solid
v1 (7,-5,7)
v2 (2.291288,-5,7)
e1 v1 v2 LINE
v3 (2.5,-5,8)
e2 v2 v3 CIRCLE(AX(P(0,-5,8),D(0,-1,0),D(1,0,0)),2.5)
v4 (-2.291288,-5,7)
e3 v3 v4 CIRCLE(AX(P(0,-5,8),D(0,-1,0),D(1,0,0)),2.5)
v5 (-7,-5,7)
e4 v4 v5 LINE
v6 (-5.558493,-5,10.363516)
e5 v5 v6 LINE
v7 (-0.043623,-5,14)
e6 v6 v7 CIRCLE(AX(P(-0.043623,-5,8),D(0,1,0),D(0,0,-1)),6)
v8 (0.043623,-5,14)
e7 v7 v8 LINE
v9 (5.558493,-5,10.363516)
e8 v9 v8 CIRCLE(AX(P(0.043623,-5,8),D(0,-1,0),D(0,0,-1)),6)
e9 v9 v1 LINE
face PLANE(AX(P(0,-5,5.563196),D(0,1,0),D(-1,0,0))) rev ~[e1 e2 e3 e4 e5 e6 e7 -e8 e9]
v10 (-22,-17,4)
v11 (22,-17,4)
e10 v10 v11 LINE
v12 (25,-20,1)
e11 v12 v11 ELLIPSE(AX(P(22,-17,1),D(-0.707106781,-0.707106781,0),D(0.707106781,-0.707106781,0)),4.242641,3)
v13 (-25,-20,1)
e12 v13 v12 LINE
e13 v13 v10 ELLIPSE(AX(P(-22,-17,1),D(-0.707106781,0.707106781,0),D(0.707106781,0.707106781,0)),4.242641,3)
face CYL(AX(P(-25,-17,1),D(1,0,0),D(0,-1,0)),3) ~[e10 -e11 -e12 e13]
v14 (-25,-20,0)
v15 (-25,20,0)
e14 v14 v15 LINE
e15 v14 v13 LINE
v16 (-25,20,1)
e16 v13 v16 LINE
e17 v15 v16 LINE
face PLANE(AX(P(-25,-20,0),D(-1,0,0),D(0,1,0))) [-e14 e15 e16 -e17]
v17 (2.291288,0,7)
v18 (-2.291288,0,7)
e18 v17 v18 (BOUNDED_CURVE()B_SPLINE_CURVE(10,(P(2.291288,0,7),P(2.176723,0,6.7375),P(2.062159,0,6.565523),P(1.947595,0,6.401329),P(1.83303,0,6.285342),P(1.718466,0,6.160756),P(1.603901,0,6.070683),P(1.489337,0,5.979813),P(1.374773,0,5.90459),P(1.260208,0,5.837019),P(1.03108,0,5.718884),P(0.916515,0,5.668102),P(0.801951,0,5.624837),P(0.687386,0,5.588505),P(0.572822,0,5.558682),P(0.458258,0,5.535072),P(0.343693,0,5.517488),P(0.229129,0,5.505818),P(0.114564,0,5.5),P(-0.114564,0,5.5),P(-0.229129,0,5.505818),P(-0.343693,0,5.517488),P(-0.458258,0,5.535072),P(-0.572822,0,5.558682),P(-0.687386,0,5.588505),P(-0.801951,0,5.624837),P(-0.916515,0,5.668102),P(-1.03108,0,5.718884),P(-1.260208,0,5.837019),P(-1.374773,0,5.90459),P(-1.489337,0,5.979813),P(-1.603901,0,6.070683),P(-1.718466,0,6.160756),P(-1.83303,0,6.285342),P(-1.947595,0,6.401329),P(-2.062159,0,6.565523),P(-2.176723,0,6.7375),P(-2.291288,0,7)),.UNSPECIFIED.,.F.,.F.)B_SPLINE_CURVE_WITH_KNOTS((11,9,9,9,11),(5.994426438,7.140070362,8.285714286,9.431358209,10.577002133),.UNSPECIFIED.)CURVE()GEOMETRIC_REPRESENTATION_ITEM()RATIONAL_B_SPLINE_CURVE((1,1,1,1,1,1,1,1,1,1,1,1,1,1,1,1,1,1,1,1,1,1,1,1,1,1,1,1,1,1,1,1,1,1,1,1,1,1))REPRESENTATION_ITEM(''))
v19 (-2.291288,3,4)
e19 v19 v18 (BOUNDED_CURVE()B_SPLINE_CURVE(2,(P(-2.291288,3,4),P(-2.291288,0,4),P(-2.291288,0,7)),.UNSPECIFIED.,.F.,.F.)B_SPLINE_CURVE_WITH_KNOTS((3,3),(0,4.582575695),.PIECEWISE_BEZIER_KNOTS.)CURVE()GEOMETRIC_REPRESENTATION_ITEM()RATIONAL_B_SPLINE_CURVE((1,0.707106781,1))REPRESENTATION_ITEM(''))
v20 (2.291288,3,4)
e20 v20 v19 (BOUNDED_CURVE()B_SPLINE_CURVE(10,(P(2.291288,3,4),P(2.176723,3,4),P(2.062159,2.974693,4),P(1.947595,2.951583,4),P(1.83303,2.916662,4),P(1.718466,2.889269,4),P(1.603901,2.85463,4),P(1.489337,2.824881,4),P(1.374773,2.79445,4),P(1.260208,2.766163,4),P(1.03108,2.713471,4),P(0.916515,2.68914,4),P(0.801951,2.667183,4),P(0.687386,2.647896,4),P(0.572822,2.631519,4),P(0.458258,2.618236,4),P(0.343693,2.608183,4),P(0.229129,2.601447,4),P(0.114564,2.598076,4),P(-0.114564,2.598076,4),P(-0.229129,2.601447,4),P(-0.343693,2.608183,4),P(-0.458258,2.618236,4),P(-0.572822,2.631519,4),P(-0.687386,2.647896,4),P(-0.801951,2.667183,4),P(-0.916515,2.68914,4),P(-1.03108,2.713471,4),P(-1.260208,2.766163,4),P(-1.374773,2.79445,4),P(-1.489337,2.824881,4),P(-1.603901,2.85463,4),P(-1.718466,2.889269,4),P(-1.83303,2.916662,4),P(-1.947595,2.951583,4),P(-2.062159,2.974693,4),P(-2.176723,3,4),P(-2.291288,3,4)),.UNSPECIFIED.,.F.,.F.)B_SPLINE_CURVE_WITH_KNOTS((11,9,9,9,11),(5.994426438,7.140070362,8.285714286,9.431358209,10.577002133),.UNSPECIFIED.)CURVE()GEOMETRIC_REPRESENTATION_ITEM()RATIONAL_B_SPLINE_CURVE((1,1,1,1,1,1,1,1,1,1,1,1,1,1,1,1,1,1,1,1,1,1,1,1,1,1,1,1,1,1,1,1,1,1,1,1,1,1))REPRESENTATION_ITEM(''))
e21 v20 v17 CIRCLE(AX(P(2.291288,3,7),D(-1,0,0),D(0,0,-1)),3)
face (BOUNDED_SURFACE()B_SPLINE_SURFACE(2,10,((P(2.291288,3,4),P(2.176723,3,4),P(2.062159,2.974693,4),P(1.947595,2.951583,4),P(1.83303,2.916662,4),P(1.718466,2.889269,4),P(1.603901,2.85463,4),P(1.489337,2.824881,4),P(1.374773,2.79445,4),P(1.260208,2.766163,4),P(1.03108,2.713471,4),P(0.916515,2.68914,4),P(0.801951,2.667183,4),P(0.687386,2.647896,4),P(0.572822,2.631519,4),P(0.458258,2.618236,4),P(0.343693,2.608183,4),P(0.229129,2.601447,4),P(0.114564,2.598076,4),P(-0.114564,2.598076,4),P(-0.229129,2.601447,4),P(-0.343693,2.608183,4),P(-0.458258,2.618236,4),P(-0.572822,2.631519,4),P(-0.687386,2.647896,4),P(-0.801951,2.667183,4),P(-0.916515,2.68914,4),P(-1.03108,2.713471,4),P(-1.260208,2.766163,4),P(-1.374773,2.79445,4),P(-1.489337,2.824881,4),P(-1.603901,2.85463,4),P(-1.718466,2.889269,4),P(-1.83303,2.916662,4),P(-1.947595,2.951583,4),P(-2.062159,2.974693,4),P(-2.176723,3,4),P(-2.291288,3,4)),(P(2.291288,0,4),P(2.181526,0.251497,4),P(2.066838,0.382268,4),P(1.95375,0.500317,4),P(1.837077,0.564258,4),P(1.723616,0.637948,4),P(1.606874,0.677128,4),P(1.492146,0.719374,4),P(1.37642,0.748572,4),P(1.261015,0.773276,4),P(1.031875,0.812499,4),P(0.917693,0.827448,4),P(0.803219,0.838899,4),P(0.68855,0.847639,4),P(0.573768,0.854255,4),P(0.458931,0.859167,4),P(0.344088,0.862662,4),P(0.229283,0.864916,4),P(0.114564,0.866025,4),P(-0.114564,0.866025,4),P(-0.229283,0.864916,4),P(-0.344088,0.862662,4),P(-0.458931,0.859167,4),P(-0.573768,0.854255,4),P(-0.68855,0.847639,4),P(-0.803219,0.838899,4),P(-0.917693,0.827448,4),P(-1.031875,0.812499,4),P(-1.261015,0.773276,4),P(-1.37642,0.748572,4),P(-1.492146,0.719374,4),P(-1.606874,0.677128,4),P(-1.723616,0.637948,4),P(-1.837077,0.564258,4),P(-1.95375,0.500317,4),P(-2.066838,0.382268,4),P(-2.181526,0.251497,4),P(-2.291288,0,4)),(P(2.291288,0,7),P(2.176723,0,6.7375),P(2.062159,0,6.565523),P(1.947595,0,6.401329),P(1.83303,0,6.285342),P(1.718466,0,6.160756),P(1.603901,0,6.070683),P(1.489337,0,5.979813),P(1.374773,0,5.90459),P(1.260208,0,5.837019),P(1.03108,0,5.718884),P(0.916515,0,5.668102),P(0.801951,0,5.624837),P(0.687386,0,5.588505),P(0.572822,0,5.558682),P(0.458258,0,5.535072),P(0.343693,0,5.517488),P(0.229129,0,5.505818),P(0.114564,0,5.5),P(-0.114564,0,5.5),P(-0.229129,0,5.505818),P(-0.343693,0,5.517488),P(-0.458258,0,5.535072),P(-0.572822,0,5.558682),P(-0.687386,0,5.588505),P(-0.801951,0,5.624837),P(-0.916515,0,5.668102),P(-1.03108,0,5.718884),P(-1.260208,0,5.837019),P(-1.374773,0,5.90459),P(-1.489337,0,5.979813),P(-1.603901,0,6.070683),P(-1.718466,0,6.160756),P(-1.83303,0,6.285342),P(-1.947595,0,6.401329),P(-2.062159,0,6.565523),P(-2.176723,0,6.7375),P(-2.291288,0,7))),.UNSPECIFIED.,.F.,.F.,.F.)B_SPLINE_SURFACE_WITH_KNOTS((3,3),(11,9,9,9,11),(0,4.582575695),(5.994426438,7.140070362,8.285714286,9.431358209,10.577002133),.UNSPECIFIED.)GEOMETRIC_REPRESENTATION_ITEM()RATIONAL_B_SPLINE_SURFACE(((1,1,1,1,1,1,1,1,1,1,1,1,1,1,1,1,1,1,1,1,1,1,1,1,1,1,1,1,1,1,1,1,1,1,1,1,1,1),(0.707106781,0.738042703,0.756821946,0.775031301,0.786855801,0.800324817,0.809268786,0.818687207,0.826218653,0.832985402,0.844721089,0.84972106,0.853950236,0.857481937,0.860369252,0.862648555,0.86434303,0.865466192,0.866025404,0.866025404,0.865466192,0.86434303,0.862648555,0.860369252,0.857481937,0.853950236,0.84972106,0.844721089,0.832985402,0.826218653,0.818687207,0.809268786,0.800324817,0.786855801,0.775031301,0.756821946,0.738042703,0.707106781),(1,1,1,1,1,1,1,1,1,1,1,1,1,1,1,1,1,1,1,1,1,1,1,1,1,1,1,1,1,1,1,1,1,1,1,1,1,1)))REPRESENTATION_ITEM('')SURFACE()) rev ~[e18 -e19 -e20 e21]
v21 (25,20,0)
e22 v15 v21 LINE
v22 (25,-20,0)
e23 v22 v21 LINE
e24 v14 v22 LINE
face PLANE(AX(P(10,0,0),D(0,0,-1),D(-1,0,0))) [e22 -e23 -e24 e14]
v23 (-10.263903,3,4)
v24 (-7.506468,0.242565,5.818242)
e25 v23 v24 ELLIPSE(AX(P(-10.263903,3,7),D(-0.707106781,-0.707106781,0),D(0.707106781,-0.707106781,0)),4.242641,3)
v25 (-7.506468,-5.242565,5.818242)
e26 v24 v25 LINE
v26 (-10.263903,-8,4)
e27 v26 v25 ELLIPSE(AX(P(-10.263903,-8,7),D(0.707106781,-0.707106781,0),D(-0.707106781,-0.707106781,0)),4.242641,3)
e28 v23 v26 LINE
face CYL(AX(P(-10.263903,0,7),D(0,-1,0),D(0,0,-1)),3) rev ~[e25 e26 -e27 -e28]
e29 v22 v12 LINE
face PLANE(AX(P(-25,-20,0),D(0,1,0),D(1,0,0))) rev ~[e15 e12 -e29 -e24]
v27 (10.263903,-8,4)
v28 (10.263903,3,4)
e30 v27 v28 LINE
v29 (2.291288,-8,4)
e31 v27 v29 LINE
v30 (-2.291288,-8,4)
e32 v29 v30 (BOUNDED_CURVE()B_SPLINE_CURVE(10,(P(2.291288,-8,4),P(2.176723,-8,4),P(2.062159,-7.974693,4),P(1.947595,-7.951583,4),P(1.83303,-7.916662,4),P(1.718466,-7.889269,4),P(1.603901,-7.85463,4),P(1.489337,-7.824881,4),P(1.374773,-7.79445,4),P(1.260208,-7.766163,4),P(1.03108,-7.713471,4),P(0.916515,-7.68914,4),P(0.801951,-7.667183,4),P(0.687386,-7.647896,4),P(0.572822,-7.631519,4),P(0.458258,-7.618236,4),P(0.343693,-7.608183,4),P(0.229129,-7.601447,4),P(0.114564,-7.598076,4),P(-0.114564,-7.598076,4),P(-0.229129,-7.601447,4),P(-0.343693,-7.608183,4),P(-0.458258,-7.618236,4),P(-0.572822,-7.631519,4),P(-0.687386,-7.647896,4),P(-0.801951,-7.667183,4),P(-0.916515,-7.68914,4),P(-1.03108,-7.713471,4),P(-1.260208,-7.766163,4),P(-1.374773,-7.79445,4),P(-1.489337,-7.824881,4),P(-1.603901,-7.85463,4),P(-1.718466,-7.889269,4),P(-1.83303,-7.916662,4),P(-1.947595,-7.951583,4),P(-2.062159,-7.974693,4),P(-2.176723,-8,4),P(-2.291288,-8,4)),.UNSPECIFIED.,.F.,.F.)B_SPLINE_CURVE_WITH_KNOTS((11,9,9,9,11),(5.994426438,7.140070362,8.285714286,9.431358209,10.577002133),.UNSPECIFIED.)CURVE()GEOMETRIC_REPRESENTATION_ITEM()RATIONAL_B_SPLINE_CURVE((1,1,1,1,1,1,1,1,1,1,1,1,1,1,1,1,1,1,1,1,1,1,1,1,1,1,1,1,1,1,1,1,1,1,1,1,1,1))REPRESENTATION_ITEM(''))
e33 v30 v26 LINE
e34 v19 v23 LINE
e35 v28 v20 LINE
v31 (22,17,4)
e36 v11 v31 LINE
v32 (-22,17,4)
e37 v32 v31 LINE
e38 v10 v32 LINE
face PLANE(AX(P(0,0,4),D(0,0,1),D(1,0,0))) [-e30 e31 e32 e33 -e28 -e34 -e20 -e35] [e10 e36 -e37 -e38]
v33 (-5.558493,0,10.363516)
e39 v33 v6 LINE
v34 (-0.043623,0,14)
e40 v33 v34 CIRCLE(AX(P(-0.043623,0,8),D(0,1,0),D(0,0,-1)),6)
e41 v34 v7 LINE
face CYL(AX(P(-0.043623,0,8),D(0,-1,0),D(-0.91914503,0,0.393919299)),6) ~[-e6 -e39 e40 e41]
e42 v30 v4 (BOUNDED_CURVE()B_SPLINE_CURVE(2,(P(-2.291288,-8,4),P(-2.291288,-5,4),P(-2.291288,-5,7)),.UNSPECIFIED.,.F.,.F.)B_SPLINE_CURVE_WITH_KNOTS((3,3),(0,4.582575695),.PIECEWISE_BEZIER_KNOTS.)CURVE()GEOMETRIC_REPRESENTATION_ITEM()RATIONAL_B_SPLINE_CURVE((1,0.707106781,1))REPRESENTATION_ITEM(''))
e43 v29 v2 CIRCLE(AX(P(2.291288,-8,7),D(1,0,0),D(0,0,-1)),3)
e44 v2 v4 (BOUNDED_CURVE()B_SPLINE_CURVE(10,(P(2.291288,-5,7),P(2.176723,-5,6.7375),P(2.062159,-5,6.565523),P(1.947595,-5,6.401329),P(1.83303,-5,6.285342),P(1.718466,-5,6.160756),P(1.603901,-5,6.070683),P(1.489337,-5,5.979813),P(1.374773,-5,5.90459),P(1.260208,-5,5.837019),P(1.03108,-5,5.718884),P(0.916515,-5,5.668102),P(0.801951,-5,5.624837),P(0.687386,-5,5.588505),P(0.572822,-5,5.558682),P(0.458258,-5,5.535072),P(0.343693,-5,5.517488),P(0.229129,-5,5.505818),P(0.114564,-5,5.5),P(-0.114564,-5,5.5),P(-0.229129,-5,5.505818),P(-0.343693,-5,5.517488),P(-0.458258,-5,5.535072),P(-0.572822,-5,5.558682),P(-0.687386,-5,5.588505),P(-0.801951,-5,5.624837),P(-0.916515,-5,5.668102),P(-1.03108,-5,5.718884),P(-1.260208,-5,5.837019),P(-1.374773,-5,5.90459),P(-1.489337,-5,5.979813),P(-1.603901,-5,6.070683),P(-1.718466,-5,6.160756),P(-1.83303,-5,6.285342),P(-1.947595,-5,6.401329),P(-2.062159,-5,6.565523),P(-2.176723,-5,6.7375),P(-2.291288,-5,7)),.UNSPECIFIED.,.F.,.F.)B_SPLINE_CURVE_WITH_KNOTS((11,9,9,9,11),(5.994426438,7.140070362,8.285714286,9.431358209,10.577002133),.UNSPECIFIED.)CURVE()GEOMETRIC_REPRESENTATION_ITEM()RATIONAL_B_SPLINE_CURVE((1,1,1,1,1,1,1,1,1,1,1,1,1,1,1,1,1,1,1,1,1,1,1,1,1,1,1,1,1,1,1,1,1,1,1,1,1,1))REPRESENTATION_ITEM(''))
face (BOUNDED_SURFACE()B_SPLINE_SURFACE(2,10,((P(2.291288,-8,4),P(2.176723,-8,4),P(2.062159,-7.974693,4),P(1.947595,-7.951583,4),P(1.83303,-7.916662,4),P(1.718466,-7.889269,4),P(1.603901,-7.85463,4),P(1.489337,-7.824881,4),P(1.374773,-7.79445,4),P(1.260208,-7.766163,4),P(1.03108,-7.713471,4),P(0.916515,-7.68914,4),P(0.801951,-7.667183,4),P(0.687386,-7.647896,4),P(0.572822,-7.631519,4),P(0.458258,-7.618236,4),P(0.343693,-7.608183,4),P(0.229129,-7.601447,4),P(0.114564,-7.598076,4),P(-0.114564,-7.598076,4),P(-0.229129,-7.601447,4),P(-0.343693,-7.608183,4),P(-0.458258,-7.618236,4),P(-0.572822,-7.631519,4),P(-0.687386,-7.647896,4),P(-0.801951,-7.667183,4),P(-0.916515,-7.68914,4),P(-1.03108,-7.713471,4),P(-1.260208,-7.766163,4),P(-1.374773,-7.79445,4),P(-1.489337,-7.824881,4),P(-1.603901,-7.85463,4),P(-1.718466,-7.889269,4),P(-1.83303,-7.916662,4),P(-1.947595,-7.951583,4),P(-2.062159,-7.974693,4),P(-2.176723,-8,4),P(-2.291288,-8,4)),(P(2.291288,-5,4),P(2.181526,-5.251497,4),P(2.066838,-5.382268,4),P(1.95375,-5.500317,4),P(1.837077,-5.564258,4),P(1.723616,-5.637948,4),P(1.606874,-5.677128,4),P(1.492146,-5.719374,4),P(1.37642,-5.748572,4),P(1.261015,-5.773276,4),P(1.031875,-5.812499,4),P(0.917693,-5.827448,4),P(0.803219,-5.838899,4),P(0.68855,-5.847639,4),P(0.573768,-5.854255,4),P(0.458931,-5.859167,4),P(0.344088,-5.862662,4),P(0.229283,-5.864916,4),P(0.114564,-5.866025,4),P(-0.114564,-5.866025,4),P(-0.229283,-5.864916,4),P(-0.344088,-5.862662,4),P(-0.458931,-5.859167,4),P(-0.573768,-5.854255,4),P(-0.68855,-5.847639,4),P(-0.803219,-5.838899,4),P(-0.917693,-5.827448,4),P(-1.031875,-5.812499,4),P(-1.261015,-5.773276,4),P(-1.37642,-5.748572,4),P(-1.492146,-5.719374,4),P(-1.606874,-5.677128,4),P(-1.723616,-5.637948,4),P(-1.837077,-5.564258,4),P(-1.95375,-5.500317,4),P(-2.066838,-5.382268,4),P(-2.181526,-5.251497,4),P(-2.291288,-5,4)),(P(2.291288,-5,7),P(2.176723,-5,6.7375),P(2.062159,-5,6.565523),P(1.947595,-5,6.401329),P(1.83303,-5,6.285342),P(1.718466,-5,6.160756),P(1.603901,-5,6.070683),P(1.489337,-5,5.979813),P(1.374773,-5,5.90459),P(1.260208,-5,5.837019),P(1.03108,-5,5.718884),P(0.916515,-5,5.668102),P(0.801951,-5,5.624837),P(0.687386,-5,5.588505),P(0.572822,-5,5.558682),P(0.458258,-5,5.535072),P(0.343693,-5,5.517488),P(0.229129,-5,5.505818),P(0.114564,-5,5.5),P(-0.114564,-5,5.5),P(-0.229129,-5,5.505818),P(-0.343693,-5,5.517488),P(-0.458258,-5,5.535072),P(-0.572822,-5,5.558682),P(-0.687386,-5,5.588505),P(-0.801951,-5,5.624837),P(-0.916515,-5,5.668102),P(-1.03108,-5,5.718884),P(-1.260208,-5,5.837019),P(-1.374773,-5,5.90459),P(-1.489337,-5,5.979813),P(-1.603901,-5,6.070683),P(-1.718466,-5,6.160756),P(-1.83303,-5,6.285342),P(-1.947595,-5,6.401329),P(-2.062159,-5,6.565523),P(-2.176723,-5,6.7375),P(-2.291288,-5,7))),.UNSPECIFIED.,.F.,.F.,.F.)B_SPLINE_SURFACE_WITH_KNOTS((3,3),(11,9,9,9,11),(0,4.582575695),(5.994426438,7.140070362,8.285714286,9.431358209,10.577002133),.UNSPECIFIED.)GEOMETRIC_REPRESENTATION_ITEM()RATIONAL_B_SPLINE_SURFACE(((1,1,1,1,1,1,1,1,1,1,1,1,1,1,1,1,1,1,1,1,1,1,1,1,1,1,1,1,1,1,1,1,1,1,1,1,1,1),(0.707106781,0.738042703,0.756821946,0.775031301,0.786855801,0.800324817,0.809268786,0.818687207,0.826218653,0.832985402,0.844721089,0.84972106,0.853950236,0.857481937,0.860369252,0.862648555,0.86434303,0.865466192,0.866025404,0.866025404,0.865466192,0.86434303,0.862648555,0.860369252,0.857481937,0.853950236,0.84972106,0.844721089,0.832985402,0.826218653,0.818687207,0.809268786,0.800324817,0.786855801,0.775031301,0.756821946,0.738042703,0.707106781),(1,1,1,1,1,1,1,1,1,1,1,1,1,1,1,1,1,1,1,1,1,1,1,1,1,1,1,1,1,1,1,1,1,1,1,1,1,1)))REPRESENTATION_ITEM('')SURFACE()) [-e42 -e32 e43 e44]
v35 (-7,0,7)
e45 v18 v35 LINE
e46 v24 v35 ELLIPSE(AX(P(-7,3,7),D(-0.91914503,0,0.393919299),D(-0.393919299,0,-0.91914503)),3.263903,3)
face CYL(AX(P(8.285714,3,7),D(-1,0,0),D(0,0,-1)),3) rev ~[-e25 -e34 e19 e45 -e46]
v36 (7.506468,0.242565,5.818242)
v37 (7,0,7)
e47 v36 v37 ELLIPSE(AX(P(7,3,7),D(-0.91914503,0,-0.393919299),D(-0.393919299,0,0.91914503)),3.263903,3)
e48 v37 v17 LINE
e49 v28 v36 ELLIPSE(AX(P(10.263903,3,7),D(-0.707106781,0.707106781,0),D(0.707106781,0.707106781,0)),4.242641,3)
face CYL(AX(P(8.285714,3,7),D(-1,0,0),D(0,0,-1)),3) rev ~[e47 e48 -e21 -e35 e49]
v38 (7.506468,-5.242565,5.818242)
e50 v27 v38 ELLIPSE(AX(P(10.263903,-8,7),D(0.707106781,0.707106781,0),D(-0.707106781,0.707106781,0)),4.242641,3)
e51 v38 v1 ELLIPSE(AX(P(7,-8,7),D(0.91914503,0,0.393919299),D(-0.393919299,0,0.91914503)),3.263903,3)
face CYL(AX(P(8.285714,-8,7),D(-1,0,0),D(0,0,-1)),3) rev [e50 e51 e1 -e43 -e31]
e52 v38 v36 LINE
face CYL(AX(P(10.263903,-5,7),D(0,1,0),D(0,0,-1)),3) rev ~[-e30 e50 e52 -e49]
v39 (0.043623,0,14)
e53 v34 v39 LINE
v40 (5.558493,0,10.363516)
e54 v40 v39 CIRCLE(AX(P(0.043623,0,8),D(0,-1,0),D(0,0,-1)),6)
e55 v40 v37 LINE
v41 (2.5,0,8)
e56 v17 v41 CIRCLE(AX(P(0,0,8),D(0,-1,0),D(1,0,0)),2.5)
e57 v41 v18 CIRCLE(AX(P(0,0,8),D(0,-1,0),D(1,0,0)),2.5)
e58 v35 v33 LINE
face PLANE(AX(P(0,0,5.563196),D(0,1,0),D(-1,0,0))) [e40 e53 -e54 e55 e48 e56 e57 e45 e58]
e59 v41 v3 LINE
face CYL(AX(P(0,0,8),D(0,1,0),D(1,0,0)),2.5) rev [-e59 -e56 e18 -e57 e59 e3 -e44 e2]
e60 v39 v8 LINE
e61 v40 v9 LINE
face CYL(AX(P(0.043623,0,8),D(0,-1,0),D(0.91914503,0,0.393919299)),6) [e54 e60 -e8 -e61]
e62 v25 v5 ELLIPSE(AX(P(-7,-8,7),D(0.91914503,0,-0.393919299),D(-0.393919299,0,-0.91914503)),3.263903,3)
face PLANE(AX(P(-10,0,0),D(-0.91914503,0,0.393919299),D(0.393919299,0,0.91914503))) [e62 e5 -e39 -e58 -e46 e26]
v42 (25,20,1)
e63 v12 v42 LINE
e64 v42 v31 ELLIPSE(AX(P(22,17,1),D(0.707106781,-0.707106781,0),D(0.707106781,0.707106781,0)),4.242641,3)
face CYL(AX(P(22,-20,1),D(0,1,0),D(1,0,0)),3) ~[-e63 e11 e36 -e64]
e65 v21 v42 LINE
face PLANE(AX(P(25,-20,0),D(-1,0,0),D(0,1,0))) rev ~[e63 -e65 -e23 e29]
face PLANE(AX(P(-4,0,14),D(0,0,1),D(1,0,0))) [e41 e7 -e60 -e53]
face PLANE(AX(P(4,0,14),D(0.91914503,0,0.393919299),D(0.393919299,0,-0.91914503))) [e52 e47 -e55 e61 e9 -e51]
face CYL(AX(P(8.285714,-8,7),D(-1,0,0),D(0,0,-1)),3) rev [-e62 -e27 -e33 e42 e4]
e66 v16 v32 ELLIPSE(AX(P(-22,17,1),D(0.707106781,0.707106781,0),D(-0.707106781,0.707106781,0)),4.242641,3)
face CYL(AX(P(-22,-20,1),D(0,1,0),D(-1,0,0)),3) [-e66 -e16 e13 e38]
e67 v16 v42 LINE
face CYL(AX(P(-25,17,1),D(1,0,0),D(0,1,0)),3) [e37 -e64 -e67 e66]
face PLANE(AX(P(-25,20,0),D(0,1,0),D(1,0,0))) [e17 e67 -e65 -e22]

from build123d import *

# Parameters (mm, degrees)
SKETCH_W     = 50
SKETCH_H     = 40
PAD_DEPTH    = 4
SKETCH001_R  = 2.5
PAD001_DEPTH = 5
FILLET_R     = 3
FILLET001_R  = 6


with BuildPart() as part:
    # Sketch → Pad (new body)
    with BuildSketch(Plane.XY):
        Rectangle(SKETCH_W, SKETCH_H)
    extrude(amount=PAD_DEPTH)

    # Sketch001 → Pad001 (join)
    with BuildSketch(Plane.XZ):
        Polygon((-10, 0), (-4, 14), (4, 14), (10, 0), align=None)
        with Locations((0, 8)):
            Circle(SKETCH001_R, mode=Mode.SUBTRACT)
    extrude(amount=PAD001_DEPTH)

    # Fillet
    fillet_edges = [part.edges().sort_by_distance(p)[0] for p in [
        (-25, 0, 4),
        (0, 20, 4),
        (0, -20, 4),
        (25, 0, 4),
        (-8.285714, -2.5, 4),
        (0, -5, 4),
        (8.285714, -2.5, 4),
        (0, 0, 4),
    ]]
    fillet(fillet_edges, radius=FILLET_R)

    # Fillet001
    fillet001_edges = [part.edges().sort_by_distance(p)[0] for p in [
        (-4, -2.5, 14),
        (4, -2.5, 14),
    ]]
    fillet(fillet001_edges, radius=FILLET001_R)


solid = part.part
